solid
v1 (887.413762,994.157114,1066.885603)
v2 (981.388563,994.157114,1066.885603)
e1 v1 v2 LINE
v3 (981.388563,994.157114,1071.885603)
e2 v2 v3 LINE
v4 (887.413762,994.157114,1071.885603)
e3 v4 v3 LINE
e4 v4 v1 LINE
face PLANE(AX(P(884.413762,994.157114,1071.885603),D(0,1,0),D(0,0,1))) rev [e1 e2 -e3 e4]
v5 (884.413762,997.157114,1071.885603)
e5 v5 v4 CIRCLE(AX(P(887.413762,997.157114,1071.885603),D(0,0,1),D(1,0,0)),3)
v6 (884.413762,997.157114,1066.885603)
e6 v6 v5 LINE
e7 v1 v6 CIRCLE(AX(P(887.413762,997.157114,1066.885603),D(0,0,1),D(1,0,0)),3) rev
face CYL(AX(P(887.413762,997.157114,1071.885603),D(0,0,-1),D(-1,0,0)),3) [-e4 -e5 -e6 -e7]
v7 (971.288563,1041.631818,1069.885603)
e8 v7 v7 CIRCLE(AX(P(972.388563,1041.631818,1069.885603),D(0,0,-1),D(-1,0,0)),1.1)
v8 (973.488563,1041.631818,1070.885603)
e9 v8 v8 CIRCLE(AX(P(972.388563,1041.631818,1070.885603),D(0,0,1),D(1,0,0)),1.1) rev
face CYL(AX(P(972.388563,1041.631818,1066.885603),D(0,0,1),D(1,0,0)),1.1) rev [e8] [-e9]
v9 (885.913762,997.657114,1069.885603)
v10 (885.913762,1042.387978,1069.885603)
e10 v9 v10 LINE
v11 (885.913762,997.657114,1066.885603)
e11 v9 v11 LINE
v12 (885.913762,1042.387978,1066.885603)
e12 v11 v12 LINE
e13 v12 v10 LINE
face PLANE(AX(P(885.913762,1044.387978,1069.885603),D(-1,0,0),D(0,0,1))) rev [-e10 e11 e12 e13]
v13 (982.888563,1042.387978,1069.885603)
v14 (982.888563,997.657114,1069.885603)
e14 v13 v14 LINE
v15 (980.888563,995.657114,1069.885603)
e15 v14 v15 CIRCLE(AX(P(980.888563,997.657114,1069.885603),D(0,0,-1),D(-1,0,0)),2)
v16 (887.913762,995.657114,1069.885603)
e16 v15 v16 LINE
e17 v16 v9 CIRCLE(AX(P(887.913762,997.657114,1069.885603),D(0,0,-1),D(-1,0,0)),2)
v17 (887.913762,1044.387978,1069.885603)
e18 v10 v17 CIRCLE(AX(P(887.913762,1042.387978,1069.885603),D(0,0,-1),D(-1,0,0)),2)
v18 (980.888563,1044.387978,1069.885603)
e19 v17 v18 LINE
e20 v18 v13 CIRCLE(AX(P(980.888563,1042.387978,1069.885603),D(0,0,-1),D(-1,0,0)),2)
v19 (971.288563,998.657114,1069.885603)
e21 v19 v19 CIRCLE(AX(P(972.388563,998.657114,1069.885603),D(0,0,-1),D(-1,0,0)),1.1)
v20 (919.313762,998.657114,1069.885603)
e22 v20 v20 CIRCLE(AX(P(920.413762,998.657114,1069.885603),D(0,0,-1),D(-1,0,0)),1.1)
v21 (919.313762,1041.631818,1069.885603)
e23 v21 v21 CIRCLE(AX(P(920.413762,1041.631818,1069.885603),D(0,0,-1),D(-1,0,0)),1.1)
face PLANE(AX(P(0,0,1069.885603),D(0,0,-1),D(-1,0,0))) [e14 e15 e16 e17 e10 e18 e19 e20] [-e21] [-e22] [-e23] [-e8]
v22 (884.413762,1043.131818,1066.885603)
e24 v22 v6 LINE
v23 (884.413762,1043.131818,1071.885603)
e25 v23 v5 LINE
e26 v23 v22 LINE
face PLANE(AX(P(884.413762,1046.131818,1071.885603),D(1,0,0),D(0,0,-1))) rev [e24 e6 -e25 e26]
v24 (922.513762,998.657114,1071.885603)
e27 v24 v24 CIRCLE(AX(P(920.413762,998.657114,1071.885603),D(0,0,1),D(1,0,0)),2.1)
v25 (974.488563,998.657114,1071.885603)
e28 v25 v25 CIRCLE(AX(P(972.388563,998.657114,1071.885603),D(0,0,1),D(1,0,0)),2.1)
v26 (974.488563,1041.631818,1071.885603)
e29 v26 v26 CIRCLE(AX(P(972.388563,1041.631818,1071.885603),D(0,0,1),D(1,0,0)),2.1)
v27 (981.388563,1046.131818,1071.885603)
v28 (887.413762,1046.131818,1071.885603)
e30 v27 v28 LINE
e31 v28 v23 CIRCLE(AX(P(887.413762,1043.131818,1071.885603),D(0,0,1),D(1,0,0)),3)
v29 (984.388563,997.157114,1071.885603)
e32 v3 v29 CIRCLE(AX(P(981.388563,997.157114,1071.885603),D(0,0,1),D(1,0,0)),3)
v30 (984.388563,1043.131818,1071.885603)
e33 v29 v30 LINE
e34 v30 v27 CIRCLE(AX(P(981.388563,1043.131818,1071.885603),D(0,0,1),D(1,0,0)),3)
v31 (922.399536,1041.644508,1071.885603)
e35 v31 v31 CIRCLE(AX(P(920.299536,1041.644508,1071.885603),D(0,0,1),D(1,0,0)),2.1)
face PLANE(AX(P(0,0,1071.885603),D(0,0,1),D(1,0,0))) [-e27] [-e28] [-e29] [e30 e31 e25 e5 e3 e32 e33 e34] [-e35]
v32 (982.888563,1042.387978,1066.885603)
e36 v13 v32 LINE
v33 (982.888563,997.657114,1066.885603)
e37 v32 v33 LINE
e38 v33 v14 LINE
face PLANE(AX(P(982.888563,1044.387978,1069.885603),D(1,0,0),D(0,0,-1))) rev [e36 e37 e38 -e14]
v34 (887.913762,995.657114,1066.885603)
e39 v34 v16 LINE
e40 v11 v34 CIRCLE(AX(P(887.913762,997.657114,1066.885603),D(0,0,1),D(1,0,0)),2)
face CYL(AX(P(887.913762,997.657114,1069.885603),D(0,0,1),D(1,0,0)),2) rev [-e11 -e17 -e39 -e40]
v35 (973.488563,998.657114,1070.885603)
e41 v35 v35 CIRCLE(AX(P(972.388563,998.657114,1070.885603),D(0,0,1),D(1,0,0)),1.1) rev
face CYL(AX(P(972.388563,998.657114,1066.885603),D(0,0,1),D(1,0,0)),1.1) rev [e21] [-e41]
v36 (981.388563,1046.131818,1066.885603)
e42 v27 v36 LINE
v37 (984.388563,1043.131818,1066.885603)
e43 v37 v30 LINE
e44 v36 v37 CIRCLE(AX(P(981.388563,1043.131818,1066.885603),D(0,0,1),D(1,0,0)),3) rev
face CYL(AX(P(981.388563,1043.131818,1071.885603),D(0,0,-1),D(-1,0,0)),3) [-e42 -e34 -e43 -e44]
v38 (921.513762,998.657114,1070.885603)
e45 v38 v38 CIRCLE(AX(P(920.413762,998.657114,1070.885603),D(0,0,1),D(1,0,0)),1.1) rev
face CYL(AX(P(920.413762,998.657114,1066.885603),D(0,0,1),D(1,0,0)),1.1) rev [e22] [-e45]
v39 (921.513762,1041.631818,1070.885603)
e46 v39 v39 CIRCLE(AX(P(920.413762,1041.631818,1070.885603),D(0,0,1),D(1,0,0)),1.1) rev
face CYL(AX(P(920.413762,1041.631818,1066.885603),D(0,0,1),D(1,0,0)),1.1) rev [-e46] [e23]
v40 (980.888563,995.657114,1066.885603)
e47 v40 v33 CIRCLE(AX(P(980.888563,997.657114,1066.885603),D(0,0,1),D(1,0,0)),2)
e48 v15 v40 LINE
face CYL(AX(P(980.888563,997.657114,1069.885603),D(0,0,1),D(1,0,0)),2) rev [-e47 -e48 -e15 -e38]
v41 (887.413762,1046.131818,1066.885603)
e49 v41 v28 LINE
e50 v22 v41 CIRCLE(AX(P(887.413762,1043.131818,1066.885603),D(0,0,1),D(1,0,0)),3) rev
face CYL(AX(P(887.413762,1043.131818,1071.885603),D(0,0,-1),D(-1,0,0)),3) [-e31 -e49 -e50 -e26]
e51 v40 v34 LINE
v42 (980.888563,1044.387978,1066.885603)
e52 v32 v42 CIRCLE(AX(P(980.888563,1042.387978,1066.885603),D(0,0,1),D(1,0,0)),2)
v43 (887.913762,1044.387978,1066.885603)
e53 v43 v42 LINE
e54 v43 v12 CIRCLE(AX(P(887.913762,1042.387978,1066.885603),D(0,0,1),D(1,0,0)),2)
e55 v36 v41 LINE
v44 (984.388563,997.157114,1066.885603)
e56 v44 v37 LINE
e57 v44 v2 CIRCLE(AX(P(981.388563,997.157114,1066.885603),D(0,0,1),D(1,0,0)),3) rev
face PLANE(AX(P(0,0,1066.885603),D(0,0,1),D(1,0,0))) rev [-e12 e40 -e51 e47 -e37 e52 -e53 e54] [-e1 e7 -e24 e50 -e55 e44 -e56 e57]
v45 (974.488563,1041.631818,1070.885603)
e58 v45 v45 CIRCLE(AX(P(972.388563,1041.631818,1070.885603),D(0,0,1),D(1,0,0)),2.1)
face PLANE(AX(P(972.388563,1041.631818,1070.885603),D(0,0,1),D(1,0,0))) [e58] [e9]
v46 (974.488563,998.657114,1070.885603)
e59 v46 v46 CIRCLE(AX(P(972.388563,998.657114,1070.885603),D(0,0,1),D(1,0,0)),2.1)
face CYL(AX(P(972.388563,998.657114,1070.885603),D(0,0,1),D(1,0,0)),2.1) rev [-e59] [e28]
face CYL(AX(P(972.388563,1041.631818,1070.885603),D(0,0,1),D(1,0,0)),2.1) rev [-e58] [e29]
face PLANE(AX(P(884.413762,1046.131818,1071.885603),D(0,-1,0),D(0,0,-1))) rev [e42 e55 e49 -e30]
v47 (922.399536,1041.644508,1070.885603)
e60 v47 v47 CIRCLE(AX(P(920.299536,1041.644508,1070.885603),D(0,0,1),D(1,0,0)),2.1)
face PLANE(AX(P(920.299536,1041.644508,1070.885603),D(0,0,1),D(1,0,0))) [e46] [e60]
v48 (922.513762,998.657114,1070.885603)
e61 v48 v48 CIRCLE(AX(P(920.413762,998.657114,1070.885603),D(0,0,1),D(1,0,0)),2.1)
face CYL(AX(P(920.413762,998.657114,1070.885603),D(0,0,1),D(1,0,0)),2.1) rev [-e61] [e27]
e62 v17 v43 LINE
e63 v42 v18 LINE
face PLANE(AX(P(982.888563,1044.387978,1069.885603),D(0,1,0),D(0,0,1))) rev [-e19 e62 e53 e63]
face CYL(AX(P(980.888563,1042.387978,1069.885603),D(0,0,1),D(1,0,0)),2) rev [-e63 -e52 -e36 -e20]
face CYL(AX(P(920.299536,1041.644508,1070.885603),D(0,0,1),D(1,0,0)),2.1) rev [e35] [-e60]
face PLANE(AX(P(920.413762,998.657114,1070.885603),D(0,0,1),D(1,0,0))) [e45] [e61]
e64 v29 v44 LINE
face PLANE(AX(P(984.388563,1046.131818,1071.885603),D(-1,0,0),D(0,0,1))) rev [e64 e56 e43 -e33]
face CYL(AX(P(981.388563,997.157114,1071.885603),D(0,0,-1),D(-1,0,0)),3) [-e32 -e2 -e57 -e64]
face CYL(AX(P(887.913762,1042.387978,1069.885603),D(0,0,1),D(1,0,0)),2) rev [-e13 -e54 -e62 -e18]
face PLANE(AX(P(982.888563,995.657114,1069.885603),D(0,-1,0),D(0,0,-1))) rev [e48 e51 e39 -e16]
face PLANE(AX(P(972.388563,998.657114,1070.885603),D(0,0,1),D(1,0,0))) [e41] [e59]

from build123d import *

# Parameters (mm, degrees)
SKETCH_1_W          = 99.97480061
SKETCH_1_H          = 51.97470409
EXTRUDE_1_DEPTH     = 5
SKETCH_2_W          = 96.97480061
SKETCH_2_H          = 48.730863602
CUT_EXTRUDE_1_DEPTH = 3
SKETCH_3_R          = 1.1
CUT_EXTRUDE_2_DEPTH = 1437.467063218
FILLET_1_R          = 3
FILLET_2_R          = 2
SKETCH_4_R          = 2.1
CUT_EXTRUDE_3_DEPTH = 1


with BuildPart() as part:
    # 草图1 → 凸台-拉伸1 (new body)
    with BuildSketch(Plane.XY.offset(1066.885602923)):
        with Locations((934.401162421, 1020.144466268)):
            Rectangle(SKETCH_1_W, SKETCH_1_H)
    extrude(amount=EXTRUDE_1_DEPTH)

    # 草图2 → 切除-拉伸1 (cut)
    with BuildSketch(Plane(origin=(0, 0, 1066.885602923), x_dir=(-1, 0, 0), z_dir=(0, 0, -1))):
        with Locations((-934.401162421, 1020.022546024)):
            Rectangle(SKETCH_2_W, SKETCH_2_H)
    extrude(amount=-CUT_EXTRUDE_1_DEPTH, mode=Mode.SUBTRACT)

    # 草图3 → 切除-拉伸2 (cut, through all)
    with BuildSketch(Plane.XY.offset(1071.885602923)):
        with Locations((972.388562726, 1041.631818313)):
            Circle(SKETCH_3_R)
        with Locations((972.388562726, 998.657114223)):
            Circle(SKETCH_3_R)
        with Locations((920.413762116, 998.657114223)):
            Circle(SKETCH_3_R)
        with Locations((920.413762116, 1041.631818313)):
            Circle(SKETCH_3_R)
    extrude(amount=-CUT_EXTRUDE_2_DEPTH, mode=Mode.SUBTRACT)

    # 圆角1
    fillet_1_edges = [part.edges().sort_by_distance(p)[0] for p in [
        (884.413762116, 1046.131818313, 1069.385602923),
        (984.388562726, 1046.131818313, 1069.385602923),
        (984.388562726, 994.157114223, 1069.385602923),
        (884.413762116, 994.157114223, 1069.385602923),
    ]]
    fillet(fillet_1_edges, radius=FILLET_1_R)

    # 圆角2
    fillet_2_edges = [part.edges().sort_by_distance(p)[0] for p in [
        (982.888562726, 995.657114223, 1068.385602923),
        (982.888562726, 1044.387977825, 1068.385602923),
        (885.913762116, 1044.387977825, 1068.385602923),
        (885.913762116, 995.657114223, 1068.385602923),
    ]]
    fillet(fillet_2_edges, radius=FILLET_2_R)

    # 草图4 → 切除-拉伸3 (cut)
    with BuildSketch(Plane.XY.offset(1071.885602923)):
        with Locations((920.299535548, 1041.644508178)):
            Circle(SKETCH_4_R)
        with Locations((972.388562726, 1041.631818313)):
            Circle(SKETCH_4_R)
        with Locations((972.388562726, 998.657114223)):
            Circle(SKETCH_4_R)
        with Locations((920.413762116, 998.657114223)):
            Circle(SKETCH_4_R)
    extrude(amount=-CUT_EXTRUDE_3_DEPTH, mode=Mode.SUBTRACT)


solid = part.part
